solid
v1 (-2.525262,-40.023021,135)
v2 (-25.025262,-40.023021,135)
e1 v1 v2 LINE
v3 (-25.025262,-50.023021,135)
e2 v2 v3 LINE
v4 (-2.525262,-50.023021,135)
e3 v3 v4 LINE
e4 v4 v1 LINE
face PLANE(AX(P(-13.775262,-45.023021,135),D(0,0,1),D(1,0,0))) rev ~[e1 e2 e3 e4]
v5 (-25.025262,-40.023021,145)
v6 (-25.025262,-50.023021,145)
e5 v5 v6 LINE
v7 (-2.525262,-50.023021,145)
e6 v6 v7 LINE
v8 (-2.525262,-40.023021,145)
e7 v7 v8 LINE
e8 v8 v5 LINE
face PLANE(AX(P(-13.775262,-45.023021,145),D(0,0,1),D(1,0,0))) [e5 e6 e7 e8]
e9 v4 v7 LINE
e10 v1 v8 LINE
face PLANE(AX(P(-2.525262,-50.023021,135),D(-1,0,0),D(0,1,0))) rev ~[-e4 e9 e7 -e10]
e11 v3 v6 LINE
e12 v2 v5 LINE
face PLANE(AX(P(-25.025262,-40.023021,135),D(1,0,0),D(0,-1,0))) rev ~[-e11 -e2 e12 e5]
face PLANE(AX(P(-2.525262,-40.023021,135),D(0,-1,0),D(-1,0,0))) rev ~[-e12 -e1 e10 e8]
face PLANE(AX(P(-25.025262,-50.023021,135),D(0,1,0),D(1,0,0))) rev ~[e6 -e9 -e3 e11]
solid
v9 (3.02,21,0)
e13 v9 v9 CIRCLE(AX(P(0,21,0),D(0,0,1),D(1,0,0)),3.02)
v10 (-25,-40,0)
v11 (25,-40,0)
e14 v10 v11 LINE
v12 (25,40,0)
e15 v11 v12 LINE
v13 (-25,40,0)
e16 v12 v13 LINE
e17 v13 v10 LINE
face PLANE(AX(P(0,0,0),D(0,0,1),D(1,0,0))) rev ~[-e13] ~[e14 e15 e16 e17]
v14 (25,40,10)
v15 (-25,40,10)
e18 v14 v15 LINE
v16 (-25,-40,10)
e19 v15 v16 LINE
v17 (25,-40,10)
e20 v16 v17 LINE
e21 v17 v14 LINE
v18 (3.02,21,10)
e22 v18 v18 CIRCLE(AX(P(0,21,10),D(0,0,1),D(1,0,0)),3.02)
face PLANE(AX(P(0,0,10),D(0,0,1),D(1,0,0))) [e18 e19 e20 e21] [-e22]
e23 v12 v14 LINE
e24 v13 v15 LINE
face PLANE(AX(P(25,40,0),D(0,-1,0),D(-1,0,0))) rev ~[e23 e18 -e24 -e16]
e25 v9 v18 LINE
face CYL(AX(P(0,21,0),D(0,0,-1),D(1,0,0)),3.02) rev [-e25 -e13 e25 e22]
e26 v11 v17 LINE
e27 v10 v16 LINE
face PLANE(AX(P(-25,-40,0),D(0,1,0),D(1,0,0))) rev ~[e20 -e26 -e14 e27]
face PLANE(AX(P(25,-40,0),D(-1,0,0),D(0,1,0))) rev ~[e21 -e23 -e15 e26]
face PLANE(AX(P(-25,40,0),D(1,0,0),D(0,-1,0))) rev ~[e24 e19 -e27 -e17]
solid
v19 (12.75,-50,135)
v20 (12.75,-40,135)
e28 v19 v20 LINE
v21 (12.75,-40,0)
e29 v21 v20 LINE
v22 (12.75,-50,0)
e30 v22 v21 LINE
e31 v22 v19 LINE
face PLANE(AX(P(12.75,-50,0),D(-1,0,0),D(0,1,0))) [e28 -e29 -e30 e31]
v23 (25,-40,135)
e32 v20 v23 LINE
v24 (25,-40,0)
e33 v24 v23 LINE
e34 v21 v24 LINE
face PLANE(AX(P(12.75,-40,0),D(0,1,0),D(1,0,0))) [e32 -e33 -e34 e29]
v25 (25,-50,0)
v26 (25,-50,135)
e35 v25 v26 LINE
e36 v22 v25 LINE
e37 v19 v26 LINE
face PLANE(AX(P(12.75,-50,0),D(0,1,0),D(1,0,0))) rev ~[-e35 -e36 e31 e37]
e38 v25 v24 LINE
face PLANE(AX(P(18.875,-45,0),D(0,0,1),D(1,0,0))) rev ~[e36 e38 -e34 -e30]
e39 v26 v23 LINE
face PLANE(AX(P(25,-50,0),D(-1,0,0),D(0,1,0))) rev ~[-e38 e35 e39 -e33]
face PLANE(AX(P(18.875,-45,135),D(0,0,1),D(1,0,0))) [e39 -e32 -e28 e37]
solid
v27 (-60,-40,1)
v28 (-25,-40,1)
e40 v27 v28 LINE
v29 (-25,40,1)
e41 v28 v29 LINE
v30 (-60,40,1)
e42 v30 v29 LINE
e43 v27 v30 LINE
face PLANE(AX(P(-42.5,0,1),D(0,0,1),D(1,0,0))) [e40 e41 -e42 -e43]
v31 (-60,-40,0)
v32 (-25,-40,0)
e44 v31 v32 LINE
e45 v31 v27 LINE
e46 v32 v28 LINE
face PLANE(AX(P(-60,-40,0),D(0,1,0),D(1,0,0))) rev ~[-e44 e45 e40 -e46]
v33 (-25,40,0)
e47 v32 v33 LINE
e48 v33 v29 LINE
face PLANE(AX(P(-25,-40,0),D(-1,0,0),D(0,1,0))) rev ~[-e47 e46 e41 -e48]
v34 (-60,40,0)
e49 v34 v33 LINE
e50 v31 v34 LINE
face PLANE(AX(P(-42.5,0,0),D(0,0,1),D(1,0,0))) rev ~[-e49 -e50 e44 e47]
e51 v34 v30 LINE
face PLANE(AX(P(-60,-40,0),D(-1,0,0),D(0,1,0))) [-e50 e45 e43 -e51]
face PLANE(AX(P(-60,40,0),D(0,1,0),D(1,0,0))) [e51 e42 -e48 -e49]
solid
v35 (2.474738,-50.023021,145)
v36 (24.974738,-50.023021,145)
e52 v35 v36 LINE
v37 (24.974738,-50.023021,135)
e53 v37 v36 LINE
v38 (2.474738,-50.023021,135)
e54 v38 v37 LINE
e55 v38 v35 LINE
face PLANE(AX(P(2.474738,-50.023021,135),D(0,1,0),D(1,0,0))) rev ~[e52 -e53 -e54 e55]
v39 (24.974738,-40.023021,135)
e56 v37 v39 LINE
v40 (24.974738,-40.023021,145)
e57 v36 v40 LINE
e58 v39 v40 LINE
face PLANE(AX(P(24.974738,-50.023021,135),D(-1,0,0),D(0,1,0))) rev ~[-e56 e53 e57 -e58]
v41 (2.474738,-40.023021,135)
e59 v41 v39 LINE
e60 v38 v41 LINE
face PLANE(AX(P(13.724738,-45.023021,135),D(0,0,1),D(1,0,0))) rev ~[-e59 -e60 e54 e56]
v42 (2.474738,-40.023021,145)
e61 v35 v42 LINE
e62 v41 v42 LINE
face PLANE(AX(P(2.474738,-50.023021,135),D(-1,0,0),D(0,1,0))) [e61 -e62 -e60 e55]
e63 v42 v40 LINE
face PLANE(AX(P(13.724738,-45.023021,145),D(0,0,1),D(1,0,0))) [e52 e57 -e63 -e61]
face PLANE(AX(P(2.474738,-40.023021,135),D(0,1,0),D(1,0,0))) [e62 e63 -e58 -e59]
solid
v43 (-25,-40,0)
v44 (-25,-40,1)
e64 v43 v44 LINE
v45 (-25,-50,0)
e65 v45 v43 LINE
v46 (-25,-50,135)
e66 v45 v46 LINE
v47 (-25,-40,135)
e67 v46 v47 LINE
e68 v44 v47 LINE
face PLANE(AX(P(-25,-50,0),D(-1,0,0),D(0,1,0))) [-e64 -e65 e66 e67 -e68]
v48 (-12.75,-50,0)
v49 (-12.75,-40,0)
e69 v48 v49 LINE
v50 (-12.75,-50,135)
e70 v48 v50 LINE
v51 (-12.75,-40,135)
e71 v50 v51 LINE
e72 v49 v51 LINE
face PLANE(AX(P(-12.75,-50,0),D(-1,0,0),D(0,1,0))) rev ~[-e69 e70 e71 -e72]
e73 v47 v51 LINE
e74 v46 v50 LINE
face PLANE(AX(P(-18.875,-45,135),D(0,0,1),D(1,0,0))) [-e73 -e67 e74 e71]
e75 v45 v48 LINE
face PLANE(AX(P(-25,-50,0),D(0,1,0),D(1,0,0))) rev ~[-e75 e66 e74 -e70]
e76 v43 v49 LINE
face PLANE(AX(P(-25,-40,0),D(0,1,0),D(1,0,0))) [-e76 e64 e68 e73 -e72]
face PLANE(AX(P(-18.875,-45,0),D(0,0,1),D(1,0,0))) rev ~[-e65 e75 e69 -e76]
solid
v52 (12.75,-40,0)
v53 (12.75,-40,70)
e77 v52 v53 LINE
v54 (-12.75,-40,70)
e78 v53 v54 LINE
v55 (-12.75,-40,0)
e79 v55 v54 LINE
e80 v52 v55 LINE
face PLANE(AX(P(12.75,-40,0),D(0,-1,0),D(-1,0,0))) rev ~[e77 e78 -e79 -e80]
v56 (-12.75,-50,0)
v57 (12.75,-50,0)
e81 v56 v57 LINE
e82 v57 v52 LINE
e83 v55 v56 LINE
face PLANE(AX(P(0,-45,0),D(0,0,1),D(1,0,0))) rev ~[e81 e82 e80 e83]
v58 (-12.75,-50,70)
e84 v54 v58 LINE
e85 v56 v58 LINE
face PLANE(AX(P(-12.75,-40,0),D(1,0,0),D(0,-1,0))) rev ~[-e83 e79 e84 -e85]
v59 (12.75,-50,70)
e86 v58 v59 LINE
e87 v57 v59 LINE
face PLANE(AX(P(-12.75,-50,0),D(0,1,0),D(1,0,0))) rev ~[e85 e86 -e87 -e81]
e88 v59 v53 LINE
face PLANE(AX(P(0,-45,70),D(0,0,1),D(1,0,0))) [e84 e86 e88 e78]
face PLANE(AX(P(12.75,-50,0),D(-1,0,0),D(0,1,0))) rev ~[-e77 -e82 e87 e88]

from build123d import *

# Parameters (mm, degrees)
F0_W     = 35
F0_H     = 80
F1_DEPTH = 1
F0_W_2   = 12.25
F0_H_2   = 10
F2_DEPTH = 135
F5_DEPTH = 10
F4_W     = 22.5
F4_H     = 10
F6_DEPTH = 70
F0_R     = 3.02
F7_DEPTH = 10


with BuildPart() as f1:
    # F0 (on Top) → F1 (new body)
    with BuildSketch(Plane.XY):
        with Locations((-42.5, 0)):
            Rectangle(F0_W, F0_H)
    extrude(amount=F1_DEPTH)

    # F0 (on Top) → F2 (join)
    with BuildSketch(Plane.XY):
        with Locations((-18.875, -45)):
            Rectangle(F0_W_2, F0_H_2)
    extrude(amount=F2_DEPTH)


with BuildPart() as f2:
    # F0 (on Top) → F2, piece 2 (new body)
    with BuildSketch(Plane.XY):
        with Locations((18.875, -45)):
            Rectangle(F0_W_2, F0_H_2)
    extrude(amount=F2_DEPTH)


with BuildPart() as f5:
    # F4 (on offset) → F5 (new body)
    with BuildSketch(Plane.XY.offset(135)):
        Polygon((-2.525261566, -40.0230214), (-25.025261566, -40.0230214), (-25.025261566, -50.0230214), (-12.775261566, -50.0230214), (-2.525261566, -50.0230214), align=None)
    extrude(amount=F5_DEPTH)


with BuildPart() as f5b:
    # F4 (on offset) → F5, piece 2 (new body)
    with BuildSketch(Plane.XY.offset(135)):
        with Locations((13.724738434, -45.0230214)):
            Rectangle(F4_W, F4_H)
    extrude(amount=F5_DEPTH)


with BuildPart() as f6:
    # F0 (on Top) → F6 (new body)
    with BuildSketch(Plane.XY):
        Polygon((12.75, -40), (0, -40), (-12.75, -40), (-12.75, -50), (0, -50), (12.75, -50), align=None)
    extrude(amount=F6_DEPTH)


with BuildPart() as f7:
    # F0 (on Top) → F7 (new body)
    with BuildSketch(Plane.XY):
        Polygon((-12.75, -40), (0, -40), (12.75, -40), (25, -40), (25, 40), (-25, 40), (-25, -40), align=None)
        with Locations((0, 21)):
            Circle(F0_R, mode=Mode.SUBTRACT)
    extrude(amount=F7_DEPTH)


solid = Compound([f1.part, f2.part, f5.part, f5b.part, f6.part, f7.part])
